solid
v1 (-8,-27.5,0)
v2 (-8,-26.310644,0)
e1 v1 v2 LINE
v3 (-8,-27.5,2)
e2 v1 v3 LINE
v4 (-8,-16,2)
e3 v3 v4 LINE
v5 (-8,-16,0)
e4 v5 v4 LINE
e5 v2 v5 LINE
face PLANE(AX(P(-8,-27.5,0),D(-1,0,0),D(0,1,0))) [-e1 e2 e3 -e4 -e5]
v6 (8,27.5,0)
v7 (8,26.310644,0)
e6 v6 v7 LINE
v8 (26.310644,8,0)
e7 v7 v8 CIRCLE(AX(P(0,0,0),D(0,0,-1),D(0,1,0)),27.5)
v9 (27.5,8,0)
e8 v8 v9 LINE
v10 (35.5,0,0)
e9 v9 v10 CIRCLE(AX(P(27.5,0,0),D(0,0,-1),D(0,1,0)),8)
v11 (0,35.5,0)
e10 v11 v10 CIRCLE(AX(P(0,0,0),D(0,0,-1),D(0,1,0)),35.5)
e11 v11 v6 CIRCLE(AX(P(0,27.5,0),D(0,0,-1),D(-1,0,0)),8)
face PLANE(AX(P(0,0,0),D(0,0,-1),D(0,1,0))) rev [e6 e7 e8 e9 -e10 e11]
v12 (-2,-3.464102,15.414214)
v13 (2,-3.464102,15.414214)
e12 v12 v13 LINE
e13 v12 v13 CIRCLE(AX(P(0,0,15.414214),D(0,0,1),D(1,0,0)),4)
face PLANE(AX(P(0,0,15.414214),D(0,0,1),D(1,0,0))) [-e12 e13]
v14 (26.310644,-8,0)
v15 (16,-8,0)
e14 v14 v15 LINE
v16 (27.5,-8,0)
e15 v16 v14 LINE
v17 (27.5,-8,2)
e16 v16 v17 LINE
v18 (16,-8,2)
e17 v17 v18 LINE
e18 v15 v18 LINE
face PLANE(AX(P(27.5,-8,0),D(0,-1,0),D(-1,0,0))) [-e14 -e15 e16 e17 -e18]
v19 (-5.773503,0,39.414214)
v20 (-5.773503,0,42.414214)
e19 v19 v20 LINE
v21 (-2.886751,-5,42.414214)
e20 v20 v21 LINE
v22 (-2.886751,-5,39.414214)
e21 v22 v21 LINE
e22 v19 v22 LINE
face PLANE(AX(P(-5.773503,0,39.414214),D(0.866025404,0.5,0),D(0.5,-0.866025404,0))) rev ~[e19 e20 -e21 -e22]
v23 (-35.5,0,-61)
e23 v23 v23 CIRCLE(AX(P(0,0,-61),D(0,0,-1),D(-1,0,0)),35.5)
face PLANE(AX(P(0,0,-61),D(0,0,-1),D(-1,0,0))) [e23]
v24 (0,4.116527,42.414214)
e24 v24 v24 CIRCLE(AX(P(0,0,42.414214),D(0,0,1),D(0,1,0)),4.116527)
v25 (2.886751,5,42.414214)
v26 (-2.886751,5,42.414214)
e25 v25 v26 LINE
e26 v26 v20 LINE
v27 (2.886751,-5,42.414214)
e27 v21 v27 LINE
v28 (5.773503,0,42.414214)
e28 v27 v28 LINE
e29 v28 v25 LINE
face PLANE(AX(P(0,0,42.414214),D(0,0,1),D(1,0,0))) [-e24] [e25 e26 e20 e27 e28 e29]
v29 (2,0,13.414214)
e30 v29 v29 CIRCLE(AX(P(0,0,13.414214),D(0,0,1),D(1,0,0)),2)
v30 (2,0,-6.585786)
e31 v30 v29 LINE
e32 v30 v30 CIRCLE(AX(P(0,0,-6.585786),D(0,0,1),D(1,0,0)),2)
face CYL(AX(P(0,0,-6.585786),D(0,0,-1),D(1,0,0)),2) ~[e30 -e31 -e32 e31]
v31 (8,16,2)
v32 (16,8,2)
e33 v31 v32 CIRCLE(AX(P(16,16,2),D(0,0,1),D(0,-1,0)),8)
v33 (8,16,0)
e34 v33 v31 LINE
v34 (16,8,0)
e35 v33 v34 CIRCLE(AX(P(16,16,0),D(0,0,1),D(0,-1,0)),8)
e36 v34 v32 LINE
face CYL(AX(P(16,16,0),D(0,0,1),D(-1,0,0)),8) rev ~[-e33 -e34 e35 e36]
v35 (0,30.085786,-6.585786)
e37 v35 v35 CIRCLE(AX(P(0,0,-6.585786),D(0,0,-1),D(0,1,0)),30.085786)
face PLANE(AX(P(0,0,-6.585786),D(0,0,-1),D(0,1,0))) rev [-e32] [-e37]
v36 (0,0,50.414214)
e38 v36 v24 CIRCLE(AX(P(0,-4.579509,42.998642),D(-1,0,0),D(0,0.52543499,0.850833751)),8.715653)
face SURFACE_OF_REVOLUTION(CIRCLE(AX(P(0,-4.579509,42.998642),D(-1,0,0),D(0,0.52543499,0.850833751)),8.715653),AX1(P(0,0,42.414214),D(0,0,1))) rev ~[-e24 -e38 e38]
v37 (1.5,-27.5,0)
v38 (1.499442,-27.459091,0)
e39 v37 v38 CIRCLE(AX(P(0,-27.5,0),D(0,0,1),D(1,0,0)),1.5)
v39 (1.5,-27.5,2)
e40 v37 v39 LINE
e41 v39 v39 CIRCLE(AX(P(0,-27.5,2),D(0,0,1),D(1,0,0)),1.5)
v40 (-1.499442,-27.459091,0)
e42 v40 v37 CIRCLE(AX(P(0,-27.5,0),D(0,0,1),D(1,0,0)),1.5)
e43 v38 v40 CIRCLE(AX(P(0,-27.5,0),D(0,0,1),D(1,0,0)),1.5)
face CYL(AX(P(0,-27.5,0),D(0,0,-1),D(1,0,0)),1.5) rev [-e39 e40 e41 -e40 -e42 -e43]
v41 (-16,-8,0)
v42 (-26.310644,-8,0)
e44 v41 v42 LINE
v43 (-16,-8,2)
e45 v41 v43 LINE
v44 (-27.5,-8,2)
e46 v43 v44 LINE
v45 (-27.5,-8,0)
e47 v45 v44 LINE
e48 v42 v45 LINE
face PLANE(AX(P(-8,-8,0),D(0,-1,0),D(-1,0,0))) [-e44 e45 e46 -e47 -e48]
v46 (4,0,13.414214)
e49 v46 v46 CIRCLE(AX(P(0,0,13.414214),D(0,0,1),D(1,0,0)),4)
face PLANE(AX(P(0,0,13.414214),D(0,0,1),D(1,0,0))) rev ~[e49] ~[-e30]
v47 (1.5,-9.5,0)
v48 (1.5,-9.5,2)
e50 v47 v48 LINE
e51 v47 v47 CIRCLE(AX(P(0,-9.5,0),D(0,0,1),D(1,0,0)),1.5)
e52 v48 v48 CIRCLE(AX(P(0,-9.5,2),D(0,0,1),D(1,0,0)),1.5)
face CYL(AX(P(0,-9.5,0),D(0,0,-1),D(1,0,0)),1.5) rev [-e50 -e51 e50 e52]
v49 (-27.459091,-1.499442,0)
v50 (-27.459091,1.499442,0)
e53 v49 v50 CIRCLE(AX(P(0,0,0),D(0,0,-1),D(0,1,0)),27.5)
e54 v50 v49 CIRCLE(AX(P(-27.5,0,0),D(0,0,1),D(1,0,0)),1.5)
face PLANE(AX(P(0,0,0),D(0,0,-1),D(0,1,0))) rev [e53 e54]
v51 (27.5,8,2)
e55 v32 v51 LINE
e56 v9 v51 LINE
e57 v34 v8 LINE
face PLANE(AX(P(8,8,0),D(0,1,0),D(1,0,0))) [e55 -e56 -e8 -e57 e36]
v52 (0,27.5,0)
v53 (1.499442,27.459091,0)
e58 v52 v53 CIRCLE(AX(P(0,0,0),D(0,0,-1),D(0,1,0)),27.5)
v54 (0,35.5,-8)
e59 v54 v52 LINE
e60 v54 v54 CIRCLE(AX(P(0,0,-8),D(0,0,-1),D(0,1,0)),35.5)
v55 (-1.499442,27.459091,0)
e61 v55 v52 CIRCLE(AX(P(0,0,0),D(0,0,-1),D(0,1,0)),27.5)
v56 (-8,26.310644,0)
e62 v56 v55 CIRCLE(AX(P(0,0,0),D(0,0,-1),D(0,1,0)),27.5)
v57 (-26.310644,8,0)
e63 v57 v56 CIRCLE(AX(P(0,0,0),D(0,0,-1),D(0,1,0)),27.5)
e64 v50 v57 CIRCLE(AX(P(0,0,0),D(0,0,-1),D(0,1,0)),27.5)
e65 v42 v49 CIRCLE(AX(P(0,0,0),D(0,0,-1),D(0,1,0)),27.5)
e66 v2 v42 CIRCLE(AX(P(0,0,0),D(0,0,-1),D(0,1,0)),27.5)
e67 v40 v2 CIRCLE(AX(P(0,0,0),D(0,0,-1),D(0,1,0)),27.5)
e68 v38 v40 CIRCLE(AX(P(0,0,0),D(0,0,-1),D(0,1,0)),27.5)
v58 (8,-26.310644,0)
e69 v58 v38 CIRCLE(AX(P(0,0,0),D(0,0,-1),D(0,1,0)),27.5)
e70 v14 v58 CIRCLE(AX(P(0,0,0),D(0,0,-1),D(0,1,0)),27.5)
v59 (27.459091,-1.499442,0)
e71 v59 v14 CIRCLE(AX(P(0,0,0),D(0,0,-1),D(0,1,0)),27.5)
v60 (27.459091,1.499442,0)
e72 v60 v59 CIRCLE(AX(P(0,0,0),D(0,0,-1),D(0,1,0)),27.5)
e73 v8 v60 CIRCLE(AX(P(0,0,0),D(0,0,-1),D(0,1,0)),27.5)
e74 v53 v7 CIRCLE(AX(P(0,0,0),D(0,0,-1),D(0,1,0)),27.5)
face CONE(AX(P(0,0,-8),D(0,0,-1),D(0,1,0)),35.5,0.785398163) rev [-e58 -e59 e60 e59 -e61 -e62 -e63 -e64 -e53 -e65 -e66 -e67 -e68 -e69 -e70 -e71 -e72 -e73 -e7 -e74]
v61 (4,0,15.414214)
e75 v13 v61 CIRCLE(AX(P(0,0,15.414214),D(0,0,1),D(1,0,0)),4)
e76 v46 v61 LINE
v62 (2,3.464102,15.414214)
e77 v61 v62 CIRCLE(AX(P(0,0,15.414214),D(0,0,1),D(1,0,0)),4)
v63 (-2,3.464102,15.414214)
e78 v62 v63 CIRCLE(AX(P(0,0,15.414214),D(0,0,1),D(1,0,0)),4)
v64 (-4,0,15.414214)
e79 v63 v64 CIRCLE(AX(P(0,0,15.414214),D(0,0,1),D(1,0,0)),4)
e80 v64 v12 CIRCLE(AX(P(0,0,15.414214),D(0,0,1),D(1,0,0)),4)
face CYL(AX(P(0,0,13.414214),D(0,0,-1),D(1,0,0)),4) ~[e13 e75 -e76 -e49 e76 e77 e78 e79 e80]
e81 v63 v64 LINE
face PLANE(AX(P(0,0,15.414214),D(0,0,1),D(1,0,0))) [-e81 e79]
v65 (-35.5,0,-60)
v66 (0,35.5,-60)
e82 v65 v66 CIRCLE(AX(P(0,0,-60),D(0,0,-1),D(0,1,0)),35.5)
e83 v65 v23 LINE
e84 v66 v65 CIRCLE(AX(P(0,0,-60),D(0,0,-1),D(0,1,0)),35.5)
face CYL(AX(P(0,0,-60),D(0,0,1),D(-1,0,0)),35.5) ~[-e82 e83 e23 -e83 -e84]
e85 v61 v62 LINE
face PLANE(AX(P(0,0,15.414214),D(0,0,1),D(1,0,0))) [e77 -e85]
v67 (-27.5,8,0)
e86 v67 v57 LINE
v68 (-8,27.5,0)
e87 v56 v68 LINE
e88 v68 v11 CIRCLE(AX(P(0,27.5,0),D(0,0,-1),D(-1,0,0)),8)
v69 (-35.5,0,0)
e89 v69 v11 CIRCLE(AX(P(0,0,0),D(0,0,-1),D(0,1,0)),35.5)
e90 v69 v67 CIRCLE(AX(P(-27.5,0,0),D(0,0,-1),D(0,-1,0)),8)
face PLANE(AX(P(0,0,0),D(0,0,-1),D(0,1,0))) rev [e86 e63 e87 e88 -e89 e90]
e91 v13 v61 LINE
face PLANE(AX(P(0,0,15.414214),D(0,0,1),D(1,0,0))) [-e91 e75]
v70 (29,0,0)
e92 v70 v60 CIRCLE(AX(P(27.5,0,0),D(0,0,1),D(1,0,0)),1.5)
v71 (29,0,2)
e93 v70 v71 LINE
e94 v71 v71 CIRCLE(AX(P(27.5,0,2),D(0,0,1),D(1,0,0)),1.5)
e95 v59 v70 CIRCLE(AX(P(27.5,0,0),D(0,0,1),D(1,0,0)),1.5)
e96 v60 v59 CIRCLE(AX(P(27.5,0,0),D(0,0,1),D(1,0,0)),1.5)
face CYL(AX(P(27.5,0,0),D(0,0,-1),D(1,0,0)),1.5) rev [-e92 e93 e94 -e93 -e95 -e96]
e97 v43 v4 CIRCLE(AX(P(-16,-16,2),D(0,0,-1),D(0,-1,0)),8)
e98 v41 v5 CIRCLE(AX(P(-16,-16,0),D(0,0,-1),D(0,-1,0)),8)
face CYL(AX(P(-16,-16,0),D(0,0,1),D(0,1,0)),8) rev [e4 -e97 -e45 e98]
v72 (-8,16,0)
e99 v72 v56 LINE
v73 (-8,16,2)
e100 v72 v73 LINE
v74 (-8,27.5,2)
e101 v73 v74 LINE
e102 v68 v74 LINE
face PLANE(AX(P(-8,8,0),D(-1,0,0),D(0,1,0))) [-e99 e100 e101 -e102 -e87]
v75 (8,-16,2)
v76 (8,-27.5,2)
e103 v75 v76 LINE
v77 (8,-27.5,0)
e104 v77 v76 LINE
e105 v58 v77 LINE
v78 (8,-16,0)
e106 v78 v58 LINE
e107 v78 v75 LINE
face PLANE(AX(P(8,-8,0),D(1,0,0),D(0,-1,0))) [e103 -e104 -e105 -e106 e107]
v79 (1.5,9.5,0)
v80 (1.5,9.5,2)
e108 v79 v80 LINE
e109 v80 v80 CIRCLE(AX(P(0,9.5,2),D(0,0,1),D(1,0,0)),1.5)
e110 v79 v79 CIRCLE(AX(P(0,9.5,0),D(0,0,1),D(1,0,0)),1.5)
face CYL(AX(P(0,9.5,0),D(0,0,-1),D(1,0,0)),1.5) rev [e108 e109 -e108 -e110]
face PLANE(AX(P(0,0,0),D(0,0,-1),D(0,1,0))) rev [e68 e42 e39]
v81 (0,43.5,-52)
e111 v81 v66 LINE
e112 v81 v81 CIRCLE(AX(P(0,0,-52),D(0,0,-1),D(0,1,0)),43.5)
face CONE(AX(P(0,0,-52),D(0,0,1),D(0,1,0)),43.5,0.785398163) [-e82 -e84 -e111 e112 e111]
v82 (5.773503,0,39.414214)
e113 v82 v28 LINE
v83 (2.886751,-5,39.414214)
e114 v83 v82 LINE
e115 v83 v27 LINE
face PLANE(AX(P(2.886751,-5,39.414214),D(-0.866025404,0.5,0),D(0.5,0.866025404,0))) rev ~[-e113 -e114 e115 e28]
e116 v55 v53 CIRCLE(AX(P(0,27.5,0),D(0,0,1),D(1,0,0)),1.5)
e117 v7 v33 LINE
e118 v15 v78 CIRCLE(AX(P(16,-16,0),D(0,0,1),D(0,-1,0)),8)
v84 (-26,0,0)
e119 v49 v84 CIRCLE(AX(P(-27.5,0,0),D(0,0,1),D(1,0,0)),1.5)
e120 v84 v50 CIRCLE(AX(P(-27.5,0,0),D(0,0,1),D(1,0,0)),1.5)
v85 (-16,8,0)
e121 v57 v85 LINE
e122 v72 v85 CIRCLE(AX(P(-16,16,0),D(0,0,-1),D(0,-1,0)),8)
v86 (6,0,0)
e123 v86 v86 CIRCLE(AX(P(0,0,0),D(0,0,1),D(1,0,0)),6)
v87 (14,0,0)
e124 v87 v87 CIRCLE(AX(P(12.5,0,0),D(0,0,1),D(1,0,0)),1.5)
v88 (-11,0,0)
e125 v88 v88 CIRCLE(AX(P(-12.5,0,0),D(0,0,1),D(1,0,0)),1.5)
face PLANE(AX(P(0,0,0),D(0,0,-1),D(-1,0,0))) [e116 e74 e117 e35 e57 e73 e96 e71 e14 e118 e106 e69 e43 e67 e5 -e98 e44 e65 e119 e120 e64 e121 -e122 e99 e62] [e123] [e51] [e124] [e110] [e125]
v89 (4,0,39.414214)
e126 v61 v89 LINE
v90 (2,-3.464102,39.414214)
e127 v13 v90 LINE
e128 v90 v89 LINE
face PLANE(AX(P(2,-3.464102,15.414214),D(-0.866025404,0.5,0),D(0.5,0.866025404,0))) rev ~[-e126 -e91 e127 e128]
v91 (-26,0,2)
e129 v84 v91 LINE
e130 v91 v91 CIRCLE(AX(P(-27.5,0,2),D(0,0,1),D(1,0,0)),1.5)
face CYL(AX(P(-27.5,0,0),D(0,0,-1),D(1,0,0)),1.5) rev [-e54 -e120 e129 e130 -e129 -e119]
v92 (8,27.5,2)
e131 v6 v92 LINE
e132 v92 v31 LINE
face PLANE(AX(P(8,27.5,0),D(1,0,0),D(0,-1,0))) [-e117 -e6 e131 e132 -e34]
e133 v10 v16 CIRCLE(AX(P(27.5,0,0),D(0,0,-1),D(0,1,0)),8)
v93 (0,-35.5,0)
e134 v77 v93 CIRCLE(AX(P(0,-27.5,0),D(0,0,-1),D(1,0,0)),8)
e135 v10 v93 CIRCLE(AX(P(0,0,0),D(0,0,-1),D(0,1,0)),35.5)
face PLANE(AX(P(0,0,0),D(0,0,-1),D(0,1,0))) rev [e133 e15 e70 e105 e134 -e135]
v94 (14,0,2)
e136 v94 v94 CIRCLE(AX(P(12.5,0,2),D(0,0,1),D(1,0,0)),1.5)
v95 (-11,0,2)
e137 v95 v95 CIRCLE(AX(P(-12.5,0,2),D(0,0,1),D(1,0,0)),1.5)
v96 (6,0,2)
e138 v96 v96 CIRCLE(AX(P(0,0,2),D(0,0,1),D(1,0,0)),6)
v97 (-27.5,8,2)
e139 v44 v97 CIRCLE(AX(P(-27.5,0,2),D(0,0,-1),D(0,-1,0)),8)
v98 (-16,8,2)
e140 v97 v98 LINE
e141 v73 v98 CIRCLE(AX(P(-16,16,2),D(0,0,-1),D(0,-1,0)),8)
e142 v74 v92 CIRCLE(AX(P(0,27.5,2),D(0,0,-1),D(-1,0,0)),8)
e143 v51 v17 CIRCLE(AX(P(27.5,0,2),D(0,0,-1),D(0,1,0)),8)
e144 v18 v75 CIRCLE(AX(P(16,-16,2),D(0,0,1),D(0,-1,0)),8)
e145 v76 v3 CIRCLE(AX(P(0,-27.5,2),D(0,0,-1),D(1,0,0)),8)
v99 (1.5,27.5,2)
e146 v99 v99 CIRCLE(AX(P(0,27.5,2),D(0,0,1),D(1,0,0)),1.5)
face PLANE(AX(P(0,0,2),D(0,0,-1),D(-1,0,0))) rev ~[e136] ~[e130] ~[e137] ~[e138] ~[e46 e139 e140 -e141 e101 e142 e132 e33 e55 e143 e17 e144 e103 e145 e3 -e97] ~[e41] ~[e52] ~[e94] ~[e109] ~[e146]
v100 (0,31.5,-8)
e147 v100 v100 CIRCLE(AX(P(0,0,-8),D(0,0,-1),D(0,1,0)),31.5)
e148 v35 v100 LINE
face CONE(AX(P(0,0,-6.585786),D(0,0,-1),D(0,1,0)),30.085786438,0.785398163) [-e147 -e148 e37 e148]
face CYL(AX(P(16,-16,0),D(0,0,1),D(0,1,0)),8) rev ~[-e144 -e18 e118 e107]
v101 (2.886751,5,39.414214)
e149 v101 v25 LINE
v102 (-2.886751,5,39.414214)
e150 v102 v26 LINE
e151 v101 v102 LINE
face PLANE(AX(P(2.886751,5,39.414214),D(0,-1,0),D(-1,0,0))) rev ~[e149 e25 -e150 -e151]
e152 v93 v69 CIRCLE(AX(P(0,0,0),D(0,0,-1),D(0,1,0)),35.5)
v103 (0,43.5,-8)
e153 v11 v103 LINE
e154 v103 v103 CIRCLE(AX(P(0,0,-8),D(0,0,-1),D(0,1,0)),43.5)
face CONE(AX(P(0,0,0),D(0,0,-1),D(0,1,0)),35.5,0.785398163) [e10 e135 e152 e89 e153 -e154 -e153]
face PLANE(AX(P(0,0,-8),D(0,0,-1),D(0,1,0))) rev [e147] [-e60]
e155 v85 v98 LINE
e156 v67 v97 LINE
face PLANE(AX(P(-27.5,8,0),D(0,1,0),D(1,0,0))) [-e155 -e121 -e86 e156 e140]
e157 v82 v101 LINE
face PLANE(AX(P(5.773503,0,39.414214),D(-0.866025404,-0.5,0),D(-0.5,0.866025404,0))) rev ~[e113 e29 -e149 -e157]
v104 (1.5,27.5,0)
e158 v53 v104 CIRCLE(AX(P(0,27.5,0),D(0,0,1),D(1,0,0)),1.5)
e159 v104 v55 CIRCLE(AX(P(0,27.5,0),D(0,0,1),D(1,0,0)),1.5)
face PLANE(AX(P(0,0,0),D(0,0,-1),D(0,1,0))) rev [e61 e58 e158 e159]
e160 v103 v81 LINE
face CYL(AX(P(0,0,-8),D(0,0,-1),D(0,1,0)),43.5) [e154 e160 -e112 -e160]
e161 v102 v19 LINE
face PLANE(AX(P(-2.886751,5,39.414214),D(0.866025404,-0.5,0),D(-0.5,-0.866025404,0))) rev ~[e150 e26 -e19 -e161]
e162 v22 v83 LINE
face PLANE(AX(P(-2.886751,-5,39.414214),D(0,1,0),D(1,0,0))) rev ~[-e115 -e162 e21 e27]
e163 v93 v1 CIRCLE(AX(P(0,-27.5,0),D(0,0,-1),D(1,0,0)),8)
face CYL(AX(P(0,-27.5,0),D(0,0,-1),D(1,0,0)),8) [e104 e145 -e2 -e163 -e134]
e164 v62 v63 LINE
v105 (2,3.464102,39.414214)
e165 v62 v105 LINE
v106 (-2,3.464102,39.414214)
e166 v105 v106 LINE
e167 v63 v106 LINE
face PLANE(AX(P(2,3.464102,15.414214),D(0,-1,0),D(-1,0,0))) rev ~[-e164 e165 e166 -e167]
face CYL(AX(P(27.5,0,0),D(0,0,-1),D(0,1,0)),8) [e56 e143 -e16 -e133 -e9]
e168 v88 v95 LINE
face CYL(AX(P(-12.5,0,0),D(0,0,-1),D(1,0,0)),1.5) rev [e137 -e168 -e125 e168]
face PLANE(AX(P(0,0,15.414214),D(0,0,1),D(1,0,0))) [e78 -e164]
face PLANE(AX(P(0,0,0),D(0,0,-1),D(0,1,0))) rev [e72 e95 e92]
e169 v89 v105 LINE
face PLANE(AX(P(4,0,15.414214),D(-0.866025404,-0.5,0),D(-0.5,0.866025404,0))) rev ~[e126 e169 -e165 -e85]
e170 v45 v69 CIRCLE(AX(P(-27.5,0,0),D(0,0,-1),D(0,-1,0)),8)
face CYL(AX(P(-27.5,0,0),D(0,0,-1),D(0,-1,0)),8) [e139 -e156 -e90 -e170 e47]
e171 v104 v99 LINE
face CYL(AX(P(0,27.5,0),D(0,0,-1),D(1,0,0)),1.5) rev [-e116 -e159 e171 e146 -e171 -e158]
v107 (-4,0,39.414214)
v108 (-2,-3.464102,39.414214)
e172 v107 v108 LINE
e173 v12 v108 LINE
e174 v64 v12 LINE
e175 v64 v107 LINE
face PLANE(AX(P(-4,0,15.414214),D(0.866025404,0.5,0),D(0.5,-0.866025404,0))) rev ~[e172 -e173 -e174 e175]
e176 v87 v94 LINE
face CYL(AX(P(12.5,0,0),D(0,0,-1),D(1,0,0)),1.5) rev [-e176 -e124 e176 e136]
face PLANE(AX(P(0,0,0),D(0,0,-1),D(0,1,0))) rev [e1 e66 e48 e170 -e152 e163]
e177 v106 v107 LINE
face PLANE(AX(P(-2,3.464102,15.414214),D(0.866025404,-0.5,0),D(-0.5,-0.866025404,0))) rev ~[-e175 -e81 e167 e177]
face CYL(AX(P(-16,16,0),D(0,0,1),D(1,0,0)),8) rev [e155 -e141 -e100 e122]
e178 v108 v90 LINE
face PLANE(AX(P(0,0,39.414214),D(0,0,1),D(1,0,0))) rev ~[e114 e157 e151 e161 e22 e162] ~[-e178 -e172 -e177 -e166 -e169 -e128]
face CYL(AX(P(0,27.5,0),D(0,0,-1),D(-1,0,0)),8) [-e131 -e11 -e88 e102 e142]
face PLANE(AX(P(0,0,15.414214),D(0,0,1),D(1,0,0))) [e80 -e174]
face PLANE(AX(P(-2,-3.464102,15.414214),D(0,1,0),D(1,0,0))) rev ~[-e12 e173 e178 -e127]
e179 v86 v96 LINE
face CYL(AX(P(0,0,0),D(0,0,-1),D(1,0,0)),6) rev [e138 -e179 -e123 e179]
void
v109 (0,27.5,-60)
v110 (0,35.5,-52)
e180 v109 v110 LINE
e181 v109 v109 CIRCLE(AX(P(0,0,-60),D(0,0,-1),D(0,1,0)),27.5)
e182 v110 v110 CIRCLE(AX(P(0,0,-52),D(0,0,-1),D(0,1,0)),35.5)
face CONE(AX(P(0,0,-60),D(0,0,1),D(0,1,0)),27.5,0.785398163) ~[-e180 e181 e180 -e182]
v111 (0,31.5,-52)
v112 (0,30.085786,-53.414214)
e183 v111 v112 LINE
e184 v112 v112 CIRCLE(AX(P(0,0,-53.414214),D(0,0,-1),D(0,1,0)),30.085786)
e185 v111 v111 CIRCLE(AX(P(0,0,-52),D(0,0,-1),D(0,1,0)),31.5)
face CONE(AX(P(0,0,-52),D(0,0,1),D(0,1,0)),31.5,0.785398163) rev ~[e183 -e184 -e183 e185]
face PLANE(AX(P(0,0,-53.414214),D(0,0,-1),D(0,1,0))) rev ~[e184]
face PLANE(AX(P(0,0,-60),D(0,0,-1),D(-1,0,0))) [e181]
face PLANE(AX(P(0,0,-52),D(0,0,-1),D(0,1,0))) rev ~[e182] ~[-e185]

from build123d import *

# Parameters (mm, degrees)
IZIM1_R                     = 6
IZIM1_R_2                   = 1.5
Y_KSEKLIK_EKSTR_ZYON1_DEPTH = 2
RADYUS1_R                   = 8
IZIM5_R                     = 35.5
Y_KSEKLIK_EKSTR_ZYON2_DEPTH = 1
IZIM6_R                     = 2
Y_KSEKLIK_EKSTR_ZYON3_DEPTH = 20
IZIM7_R                     = 4
Y_KSEKLIK_EKSTR_ZYON4_DEPTH = 2
Y_KSEKLIK_EKSTR_ZYON5_DEPTH = 24
Y_KSEKLIK_EKSTR_ZYON6_DEPTH = 3


with BuildPart() as part:
    # Çizim1 → Yükseklik-Ekstrüzyon1 (new body)
    with BuildSketch(Plane.XY):
        with BuildLine():
            Line((8, 27.5), (8, 8))
            Line((8, 8), (27.5, 8))
            ThreePointArc((27.5, 8), (35.5, 0), (27.5, -8))
            Line((27.5, -8), (8, -8))
            Line((8, -8), (8, -27.5))
            ThreePointArc((8, -27.5), (0, -35.5), (-8, -27.5))
            Line((-8, -27.5), (-8, -8))
            Line((-8, -8), (-27.5, -8))
            ThreePointArc((-27.5, -8), (-35.5, 0), (-27.5, 8))
            Line((-27.5, 8), (-8, 8))
            Line((-8, 8), (-8, 27.5))
            ThreePointArc((-8, 27.5), (0, 35.5), (8, 27.5))
        make_face()
        Circle(IZIM1_R, mode=Mode.SUBTRACT)
        with Locations((0, 9.5)):
            Circle(IZIM1_R_2, mode=Mode.SUBTRACT)
        with Locations((0, -9.5)):
            Circle(IZIM1_R_2, mode=Mode.SUBTRACT)
        with Locations((-12.5, 0)):
            Circle(IZIM1_R_2, mode=Mode.SUBTRACT)
        with Locations((12.5, 0)):
            Circle(IZIM1_R_2, mode=Mode.SUBTRACT)
        with Locations((0, 27.5)):
            Circle(IZIM1_R_2, mode=Mode.SUBTRACT)
        with Locations((27.5, 0)):
            Circle(IZIM1_R_2, mode=Mode.SUBTRACT)
        with Locations((0, -27.5)):
            Circle(IZIM1_R_2, mode=Mode.SUBTRACT)
        with Locations((-27.5, 0)):
            Circle(IZIM1_R_2, mode=Mode.SUBTRACT)
    extrude(amount=Y_KSEKLIK_EKSTR_ZYON1_DEPTH)

    # Radyus1
    radyus1_edges = [part.edges().sort_by_distance(p)[0] for p in [
        (8, 8, 1),
        (8, -8, 1),
        (-8, -8, 1),
        (-8, 8, 1),
    ]]
    fillet(radyus1_edges, radius=RADYUS1_R)

    # Çizim4 → Döndür1 (revolve)
    with BuildSketch(Plane(origin=(0, 0, 0), x_dir=(0, 0, -1), z_dir=(1, 0, 0))):
        Polygon((0, 27.5), (0, 35.5), (8, 43.5), (52, 43.5), (60, 35.5), (60, 27.5), (52, 35.5), (52, 31.5), (53.414213562, 30.085786438), (53.414213562, 0), (6.585786438, 0), (6.585786438, 30.085786438), (8, 31.5), (8, 35.5), align=None)
    revolve(axis=Axis((0, 0, -6.585786438), (0, 0, -1)))

    # Çizim5 → Yükseklik-Ekstrüzyon2 (add)
    with BuildSketch(Plane(origin=(0, 0, -60), x_dir=(-1, 0, 0), z_dir=(0, 0, -1))):
        Circle(IZIM5_R)
    extrude(amount=Y_KSEKLIK_EKSTR_ZYON2_DEPTH)

    # Çizim6 → Yükseklik-Ekstrüzyon3 (add)
    with BuildSketch(Plane.XY.offset(-6.585786438)):
        Circle(IZIM6_R)
    extrude(amount=Y_KSEKLIK_EKSTR_ZYON3_DEPTH)

    # Çizim7 → Yükseklik-Ekstrüzyon4 (add)
    with BuildSketch(Plane.XY.offset(13.414213562)):
        Circle(IZIM7_R)
    extrude(amount=Y_KSEKLIK_EKSTR_ZYON4_DEPTH)

    # Çizim9 → Yükseklik-Ekstrüzyon5 (add)
    with BuildSketch(Plane.XY.offset(15.414213562)):
        Polygon((4, 0), (2, 3.464101615), (-2, 3.464101615), (-4, 0), (-2, -3.464101615), (2, -3.464101615), align=None)
    extrude(amount=Y_KSEKLIK_EKSTR_ZYON5_DEPTH)

    # Çizim10 → Yükseklik-Ekstrüzyon6 (add)
    with BuildSketch(Plane.XY.offset(39.414213562)):
        Polygon((5.773502692, 0), (2.886751346, 5), (-2.886751346, 5), (-5.773502692, 0), (-2.886751346, -5), (2.886751346, -5), align=None)
    extrude(amount=Y_KSEKLIK_EKSTR_ZYON6_DEPTH)

    # Çizim11 → Döndür2 (revolve)
    with BuildSketch(Plane(origin=(0, 0, 0), x_dir=(0, 0, -1), z_dir=(1, 0, 0))):
        with BuildLine():
            Line((-42.414213562, 0), (-50.414213562, 0))
            ThreePointArc((-50.414213562, 0), (-46.98644571, 3.170331375), (-42.414213562, 4.116527269))
            Line((-42.414213562, 4.116527269), (-42.414213562, 0))
        make_face()
    revolve(axis=Axis((0, 0, 42.414213562), (0, 0, 1)))


solid = part.part
